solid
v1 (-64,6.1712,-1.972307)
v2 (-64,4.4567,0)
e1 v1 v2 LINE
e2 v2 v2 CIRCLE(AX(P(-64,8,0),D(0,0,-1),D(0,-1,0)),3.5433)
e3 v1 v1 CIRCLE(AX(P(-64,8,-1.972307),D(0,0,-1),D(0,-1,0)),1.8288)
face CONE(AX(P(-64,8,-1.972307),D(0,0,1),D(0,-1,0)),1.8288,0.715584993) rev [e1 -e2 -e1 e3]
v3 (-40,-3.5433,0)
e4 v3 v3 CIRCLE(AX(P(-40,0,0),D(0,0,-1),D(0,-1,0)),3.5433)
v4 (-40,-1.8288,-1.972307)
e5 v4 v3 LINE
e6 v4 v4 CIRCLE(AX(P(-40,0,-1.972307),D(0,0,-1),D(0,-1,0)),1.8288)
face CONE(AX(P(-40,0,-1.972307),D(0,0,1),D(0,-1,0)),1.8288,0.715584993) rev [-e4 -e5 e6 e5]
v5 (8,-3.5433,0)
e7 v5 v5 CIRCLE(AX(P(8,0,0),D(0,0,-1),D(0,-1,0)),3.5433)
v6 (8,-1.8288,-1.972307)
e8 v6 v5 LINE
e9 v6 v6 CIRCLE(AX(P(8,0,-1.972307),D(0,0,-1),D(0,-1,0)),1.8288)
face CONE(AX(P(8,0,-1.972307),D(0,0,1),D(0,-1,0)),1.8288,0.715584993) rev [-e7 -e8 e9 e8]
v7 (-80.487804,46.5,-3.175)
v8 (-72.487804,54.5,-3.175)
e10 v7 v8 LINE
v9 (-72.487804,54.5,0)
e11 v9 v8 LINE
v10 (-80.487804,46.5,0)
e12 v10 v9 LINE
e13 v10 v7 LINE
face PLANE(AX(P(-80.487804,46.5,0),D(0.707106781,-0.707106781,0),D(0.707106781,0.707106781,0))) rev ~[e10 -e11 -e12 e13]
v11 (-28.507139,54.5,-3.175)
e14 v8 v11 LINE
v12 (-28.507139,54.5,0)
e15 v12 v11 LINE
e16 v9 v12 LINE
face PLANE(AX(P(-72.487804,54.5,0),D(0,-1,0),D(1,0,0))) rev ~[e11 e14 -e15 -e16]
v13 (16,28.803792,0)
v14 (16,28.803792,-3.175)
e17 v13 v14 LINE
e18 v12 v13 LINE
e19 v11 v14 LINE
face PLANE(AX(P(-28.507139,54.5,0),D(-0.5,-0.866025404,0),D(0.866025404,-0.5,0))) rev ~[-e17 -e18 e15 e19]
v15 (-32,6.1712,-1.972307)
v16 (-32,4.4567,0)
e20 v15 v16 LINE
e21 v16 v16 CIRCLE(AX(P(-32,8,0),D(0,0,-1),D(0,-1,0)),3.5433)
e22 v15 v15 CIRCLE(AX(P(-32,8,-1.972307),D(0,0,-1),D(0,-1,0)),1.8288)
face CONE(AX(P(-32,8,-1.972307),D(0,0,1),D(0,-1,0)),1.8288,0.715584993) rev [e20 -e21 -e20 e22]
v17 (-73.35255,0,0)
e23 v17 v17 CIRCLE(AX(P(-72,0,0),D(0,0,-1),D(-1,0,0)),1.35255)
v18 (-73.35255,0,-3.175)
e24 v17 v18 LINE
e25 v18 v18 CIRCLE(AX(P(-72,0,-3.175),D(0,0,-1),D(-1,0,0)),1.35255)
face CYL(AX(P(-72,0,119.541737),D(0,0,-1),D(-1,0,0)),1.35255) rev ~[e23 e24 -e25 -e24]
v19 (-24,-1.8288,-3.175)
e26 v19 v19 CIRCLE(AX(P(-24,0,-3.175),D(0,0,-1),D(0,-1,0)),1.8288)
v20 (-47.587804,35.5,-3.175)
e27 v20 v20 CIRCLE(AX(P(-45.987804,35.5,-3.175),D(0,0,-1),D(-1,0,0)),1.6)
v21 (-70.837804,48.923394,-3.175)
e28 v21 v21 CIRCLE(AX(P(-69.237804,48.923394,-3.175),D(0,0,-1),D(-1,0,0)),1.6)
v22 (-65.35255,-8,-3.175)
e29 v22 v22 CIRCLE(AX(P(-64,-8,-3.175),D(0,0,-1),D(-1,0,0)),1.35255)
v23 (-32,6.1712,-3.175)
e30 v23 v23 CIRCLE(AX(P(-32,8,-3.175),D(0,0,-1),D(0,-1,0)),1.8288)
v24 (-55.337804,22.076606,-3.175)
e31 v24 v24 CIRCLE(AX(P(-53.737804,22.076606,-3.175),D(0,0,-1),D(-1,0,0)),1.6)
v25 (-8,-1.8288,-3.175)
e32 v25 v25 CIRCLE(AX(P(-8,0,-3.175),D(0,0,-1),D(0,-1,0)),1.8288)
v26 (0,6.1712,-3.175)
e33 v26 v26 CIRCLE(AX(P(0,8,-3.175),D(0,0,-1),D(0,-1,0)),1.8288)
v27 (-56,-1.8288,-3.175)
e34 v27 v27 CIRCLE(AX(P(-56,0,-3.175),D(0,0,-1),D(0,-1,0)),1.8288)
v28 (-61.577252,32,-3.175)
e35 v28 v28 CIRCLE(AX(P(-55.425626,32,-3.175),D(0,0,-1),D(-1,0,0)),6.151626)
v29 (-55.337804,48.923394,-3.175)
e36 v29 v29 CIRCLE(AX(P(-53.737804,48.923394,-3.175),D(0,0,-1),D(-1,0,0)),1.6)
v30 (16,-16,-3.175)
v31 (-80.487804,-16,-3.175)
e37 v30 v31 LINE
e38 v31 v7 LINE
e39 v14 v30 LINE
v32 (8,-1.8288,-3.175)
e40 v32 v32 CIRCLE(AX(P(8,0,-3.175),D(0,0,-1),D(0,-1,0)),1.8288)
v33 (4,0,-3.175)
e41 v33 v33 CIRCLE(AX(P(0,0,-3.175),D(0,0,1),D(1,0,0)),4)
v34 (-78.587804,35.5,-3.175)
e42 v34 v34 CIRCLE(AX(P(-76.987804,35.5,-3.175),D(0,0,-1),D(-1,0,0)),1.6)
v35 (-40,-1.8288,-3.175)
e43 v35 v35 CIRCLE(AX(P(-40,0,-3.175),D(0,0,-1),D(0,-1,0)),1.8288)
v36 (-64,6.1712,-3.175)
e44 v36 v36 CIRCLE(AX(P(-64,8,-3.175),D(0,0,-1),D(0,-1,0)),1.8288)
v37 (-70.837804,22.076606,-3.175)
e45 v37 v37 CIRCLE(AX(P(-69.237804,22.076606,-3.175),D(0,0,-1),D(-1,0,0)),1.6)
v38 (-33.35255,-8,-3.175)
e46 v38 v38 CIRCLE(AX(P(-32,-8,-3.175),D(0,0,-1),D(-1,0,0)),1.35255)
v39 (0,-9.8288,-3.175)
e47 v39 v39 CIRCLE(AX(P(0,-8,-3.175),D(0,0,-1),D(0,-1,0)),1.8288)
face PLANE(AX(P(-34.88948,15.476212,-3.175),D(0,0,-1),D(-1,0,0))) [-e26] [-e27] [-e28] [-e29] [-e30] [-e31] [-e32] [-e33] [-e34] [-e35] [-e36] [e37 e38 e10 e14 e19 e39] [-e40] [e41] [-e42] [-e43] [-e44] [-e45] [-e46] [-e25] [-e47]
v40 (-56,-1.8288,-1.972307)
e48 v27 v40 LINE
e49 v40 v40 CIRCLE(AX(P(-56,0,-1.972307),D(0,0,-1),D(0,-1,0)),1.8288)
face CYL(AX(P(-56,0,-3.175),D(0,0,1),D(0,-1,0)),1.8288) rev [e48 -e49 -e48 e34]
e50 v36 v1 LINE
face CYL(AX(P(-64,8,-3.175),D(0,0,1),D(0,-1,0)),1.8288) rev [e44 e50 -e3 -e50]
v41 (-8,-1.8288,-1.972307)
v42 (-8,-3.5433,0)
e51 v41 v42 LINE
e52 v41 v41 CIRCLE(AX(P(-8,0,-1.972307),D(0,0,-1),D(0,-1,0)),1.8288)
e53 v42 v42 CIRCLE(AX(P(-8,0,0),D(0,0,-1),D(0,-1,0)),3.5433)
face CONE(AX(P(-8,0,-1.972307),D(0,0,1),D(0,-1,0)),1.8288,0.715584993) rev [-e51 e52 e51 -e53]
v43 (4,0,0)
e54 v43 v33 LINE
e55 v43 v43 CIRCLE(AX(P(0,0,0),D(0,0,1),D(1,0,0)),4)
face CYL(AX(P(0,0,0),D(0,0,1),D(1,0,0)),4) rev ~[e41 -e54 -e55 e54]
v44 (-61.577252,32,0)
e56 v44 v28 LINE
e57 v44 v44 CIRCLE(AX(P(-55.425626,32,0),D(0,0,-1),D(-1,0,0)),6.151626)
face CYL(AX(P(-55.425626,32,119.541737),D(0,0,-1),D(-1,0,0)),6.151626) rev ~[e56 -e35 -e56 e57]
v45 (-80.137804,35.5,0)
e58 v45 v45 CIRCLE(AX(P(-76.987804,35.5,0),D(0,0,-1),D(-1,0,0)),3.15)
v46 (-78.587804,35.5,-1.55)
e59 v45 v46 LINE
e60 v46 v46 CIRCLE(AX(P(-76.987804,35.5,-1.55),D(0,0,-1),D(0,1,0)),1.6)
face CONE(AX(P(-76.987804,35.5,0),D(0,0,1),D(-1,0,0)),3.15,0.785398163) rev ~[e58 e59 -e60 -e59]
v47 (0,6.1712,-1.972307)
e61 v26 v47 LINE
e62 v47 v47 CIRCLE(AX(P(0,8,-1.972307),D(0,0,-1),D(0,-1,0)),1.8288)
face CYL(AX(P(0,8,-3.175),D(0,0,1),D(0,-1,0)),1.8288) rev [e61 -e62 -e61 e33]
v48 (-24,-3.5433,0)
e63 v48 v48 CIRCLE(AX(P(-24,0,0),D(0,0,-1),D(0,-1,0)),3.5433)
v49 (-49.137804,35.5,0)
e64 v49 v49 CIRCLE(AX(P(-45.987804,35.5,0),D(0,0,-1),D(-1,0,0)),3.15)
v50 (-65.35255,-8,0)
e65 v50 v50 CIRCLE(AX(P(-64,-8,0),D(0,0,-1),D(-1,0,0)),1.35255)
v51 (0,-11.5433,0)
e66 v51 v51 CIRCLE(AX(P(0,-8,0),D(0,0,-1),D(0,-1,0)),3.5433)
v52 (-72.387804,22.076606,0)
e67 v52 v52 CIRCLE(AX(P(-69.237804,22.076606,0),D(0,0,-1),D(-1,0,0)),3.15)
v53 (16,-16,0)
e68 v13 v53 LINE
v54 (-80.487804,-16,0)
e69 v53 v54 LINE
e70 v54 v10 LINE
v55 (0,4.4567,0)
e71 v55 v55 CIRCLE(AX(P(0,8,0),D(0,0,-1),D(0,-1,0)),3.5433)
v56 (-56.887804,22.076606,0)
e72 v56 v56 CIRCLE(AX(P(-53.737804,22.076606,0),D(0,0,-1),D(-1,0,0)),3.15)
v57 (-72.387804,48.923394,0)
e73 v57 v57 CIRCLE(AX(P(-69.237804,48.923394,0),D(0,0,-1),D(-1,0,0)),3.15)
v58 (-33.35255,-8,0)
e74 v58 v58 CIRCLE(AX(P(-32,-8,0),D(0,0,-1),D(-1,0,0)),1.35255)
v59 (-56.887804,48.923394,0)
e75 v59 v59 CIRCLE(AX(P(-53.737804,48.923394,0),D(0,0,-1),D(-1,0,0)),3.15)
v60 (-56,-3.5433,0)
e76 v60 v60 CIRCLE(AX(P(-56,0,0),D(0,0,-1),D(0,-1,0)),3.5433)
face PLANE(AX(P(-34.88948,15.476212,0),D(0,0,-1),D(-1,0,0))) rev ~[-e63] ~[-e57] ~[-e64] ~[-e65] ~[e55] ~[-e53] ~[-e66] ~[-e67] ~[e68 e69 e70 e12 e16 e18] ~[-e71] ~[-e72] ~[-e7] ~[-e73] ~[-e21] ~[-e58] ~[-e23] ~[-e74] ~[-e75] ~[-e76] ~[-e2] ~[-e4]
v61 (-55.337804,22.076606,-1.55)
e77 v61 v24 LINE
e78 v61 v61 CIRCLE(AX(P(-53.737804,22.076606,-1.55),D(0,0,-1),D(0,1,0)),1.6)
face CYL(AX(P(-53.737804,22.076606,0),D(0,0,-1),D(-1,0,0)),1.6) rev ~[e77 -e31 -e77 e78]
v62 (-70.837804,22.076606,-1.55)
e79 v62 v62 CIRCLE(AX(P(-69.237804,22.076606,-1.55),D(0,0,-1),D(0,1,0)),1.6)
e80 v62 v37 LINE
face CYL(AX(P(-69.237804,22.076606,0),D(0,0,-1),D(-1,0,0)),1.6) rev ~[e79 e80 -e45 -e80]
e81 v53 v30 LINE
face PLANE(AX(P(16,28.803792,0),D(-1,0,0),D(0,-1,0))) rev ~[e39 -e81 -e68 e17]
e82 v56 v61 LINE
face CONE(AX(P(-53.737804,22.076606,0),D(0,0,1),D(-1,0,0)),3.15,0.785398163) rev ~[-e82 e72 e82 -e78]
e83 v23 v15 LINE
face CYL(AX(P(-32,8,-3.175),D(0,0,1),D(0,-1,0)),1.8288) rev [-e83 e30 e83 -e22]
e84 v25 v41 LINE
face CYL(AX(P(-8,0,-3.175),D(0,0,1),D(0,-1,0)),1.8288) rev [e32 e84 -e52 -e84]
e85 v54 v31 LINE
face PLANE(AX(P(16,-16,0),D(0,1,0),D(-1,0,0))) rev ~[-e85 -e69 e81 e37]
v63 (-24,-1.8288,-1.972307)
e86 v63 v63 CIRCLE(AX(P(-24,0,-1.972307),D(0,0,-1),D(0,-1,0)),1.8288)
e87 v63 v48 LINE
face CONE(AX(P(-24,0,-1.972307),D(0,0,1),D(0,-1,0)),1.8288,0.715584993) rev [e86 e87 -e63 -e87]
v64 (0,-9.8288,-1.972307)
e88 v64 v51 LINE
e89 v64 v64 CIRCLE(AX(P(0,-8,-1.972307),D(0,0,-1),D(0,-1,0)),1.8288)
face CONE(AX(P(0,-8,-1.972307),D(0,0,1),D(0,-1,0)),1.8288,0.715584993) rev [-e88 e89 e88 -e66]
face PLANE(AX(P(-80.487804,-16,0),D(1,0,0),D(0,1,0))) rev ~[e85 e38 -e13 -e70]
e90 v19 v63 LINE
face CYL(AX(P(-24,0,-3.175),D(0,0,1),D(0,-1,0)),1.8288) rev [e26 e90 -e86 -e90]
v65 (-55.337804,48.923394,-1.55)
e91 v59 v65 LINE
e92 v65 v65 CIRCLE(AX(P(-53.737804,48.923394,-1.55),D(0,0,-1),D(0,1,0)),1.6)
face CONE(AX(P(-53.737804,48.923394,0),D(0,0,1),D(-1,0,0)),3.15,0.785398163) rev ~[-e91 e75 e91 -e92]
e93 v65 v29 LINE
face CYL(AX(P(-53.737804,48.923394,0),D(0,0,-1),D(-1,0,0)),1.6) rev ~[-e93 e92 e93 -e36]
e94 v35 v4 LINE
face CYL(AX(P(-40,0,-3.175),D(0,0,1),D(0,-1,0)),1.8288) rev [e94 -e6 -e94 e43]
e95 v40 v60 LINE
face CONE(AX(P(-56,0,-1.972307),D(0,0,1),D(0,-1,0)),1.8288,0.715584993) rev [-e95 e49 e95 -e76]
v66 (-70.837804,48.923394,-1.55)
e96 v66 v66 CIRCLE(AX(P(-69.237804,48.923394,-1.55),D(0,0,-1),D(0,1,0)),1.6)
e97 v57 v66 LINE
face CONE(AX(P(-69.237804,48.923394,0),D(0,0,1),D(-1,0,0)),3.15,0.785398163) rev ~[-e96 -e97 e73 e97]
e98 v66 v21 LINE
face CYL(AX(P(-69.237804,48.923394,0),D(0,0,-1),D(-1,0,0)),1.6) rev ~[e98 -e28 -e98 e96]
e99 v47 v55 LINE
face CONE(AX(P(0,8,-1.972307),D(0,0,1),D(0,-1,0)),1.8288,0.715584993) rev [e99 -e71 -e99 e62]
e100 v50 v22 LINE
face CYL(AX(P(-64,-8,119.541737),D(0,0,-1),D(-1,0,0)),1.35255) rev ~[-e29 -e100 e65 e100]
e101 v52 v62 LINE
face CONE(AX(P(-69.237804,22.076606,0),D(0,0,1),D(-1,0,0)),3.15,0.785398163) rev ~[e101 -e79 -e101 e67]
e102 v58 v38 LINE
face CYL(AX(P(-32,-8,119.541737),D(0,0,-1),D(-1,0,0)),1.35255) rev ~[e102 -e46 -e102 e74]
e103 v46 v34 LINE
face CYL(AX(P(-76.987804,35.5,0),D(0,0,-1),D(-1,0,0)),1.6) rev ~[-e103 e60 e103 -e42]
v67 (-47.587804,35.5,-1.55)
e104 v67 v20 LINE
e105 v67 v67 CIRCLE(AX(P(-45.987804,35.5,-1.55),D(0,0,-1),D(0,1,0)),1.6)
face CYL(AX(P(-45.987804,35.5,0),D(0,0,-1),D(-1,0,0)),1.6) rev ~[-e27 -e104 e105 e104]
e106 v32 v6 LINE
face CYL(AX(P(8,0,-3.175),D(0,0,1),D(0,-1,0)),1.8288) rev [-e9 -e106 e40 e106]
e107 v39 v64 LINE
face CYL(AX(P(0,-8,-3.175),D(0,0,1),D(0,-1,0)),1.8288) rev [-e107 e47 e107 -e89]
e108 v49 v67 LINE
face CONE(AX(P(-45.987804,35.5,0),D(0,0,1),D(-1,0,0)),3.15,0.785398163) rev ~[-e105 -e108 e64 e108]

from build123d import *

# Parameters (mm, degrees)
SKETCH1_R                                       = 4
BOSS_EXTRUDE1_DEPTH                             = 3.175
CSK_FOR_M3_FLAT_HEAD_MACHINE_SCREW1_D           = 3.2
CSK_FOR_M3_FLAT_HEAD_MACHINE_SCREW1_CSINK_D     = 6.3
CSK_FOR_M3_FLAT_HEAD_MACHINE_SCREW1_CSINK_ANGLE = 90
F_31_64_0_48438_DIAMETER_HOLE1_D                = 12.303252
CSK_FOR_6_FLAT_HEAD_MACHINE_SCREW1_AT_2_COUNT   = 2
CSK_FOR_6_FLAT_HEAD_MACHINE_SCREW1_AT_2_PITCH   = 11.313708499
CSK_FOR_6_FLAT_HEAD_MACHINE_SCREW1_AT_3_COUNT   = 2
CSK_FOR_6_FLAT_HEAD_MACHINE_SCREW1_AT_3_PITCH   = 16
CSK_FOR_6_FLAT_HEAD_MACHINE_SCREW1_AT_4_COUNT   = 2
CSK_FOR_6_FLAT_HEAD_MACHINE_SCREW1_AT_4_PITCH   = 11.313708499
F_6_32_TAPPED_HOLE1_D                           = 2.7051
CSK_FOR_6_FLAT_HEAD_MACHINE_SCREW2_AT_2_COUNT   = 2
CSK_FOR_6_FLAT_HEAD_MACHINE_SCREW2_AT_2_PITCH   = 11.313708499
CSK_FOR_6_FLAT_HEAD_MACHINE_SCREW2_AT_3_COUNT   = 2
CSK_FOR_6_FLAT_HEAD_MACHINE_SCREW2_AT_3_PITCH   = 32
CSK_FOR_6_FLAT_HEAD_MACHINE_SCREW2_AT_4_COUNT   = 2
CSK_FOR_6_FLAT_HEAD_MACHINE_SCREW2_AT_4_PITCH   = 25.298221281
CSK_FOR_6_FLAT_HEAD_MACHINE_SCREW2_AT_5_COUNT   = 2
CSK_FOR_6_FLAT_HEAD_MACHINE_SCREW2_AT_5_PITCH   = 11.313708499


with BuildPart() as part:
    # Sketch1 → Boss-Extrude1 (new body)
    with BuildSketch(Plane.XY):
        Polygon((16, -16), (-80.487803669, -16), (-80.487803669, 46.5), (-72.487803669, 54.5), (-28.507138544, 54.5), (16, 28.803791581), align=None)
        Circle(SKETCH1_R, mode=Mode.SUBTRACT)
    extrude(amount=-BOSS_EXTRUDE1_DEPTH)

    # CSK for M3 Flat Head Machine Screw1 (through all)
    with Locations(Plane.XY):
        with Locations((-69.237803669, 48.923393759), (-53.737803669, 48.923393759), (-45.987803669, 35.5), (-53.737803669, 22.076606241), (-69.237803669, 22.076606241), (-76.987803669, 35.5)):
            CounterSinkHole(CSK_FOR_M3_FLAT_HEAD_MACHINE_SCREW1_D / 2, CSK_FOR_M3_FLAT_HEAD_MACHINE_SCREW1_CSINK_D / 2, counter_sink_angle=CSK_FOR_M3_FLAT_HEAD_MACHINE_SCREW1_CSINK_ANGLE)

    # 31/64 (0.48438) Diameter Hole1 (through all)
    with Locations(Plane.XY):
        with Locations((-55.425625842, 32)):
            Hole(F_31_64_0_48438_DIAMETER_HOLE1_D / 2)

    # Sketch8 → CSK for #6 Flat Head Machine Screw1 (revolve, cut)
    with BuildSketch(Plane(origin=(0, 8, 0), x_dir=(0, -1, 0), z_dir=(1, 0, 0))):
        Polygon((0, 0), (0, 3.175), (1.8288, 3.175), (1.8288, 1.972306634), (3.5433, 0), align=None)
    csk_for_6_flat_head_machine_screw1 = revolve(axis=Axis((0, 8, 6.35), (0, 0, -1)), mode=Mode.SUBTRACT)

    # CSK for #6 Flat Head Machine Screw1 at 2: CSK for #6 Flat Head Machine Screw1 ×2
    with Locations(*[Vector(-0.7071067811865479, -0.7071067811865472, 0) * (i * CSK_FOR_6_FLAT_HEAD_MACHINE_SCREW1_AT_2_PITCH) for i in range(1, CSK_FOR_6_FLAT_HEAD_MACHINE_SCREW1_AT_2_COUNT)]):
        add(csk_for_6_flat_head_machine_screw1, mode=Mode.SUBTRACT)

    # CSK for #6 Flat Head Machine Screw1 at 3: CSK for #6 Flat Head Machine Screw1 ×2
    with Locations(*[(0, -i * CSK_FOR_6_FLAT_HEAD_MACHINE_SCREW1_AT_3_PITCH, 0) for i in range(1, CSK_FOR_6_FLAT_HEAD_MACHINE_SCREW1_AT_3_COUNT)]):
        add(csk_for_6_flat_head_machine_screw1, mode=Mode.SUBTRACT)

    # CSK for #6 Flat Head Machine Screw1 at 4: CSK for #6 Flat Head Machine Screw1 ×2
    with Locations(*[Vector(0.7071067811865475, -0.7071067811865477, 0) * (i * CSK_FOR_6_FLAT_HEAD_MACHINE_SCREW1_AT_4_PITCH) for i in range(1, CSK_FOR_6_FLAT_HEAD_MACHINE_SCREW1_AT_4_COUNT)]):
        add(csk_for_6_flat_head_machine_screw1, mode=Mode.SUBTRACT)

    # #6-32 Tapped Hole1 (through all)
    with Locations(Plane.XY):
        with Locations((-72, 0), (-32, -8), (-64, -8)):
            Hole(F_6_32_TAPPED_HOLE1_D / 2)

    # Sketch13 → CSK for #6 Flat Head Machine Screw2 (revolve, cut)
    with BuildSketch(Plane(origin=(-32, 8, 0), x_dir=(0, -1, 0), z_dir=(1, 0, 0))):
        Polygon((0, 0), (0, 3.175), (1.8288, 3.175), (1.8288, 1.972306634), (3.5433, 0), align=None)
    csk_for_6_flat_head_machine_screw2 = revolve(axis=Axis((-32, 8, 6.35), (0, 0, -1)), mode=Mode.SUBTRACT)

    # CSK for #6 Flat Head Machine Screw2 at 2: CSK for #6 Flat Head Machine Screw2 ×2
    with Locations(*[Vector(0.7071067811865476, -0.7071067811865476, 0) * (i * CSK_FOR_6_FLAT_HEAD_MACHINE_SCREW2_AT_2_PITCH) for i in range(1, CSK_FOR_6_FLAT_HEAD_MACHINE_SCREW2_AT_2_COUNT)]):
        add(csk_for_6_flat_head_machine_screw2, mode=Mode.SUBTRACT)

    # CSK for #6 Flat Head Machine Screw2 at 3: CSK for #6 Flat Head Machine Screw2 ×2
    with Locations(*[(-i * CSK_FOR_6_FLAT_HEAD_MACHINE_SCREW2_AT_3_PITCH, 0, 0) for i in range(1, CSK_FOR_6_FLAT_HEAD_MACHINE_SCREW2_AT_3_COUNT)]):
        add(csk_for_6_flat_head_machine_screw2, mode=Mode.SUBTRACT)

    # CSK for #6 Flat Head Machine Screw2 at 4: CSK for #6 Flat Head Machine Screw2 ×2
    with Locations(*[Vector(-0.948683298050514, -0.31622776601683766, 0) * (i * CSK_FOR_6_FLAT_HEAD_MACHINE_SCREW2_AT_4_PITCH) for i in range(1, CSK_FOR_6_FLAT_HEAD_MACHINE_SCREW2_AT_4_COUNT)]):
        add(csk_for_6_flat_head_machine_screw2, mode=Mode.SUBTRACT)

    # CSK for #6 Flat Head Machine Screw2 at 5: CSK for #6 Flat Head Machine Screw2 ×2
    with Locations(*[Vector(-0.7071067811865476, -0.7071067811865476, 0) * (i * CSK_FOR_6_FLAT_HEAD_MACHINE_SCREW2_AT_5_PITCH) for i in range(1, CSK_FOR_6_FLAT_HEAD_MACHINE_SCREW2_AT_5_COUNT)]):
        add(csk_for_6_flat_head_machine_screw2, mode=Mode.SUBTRACT)


solid = part.part
